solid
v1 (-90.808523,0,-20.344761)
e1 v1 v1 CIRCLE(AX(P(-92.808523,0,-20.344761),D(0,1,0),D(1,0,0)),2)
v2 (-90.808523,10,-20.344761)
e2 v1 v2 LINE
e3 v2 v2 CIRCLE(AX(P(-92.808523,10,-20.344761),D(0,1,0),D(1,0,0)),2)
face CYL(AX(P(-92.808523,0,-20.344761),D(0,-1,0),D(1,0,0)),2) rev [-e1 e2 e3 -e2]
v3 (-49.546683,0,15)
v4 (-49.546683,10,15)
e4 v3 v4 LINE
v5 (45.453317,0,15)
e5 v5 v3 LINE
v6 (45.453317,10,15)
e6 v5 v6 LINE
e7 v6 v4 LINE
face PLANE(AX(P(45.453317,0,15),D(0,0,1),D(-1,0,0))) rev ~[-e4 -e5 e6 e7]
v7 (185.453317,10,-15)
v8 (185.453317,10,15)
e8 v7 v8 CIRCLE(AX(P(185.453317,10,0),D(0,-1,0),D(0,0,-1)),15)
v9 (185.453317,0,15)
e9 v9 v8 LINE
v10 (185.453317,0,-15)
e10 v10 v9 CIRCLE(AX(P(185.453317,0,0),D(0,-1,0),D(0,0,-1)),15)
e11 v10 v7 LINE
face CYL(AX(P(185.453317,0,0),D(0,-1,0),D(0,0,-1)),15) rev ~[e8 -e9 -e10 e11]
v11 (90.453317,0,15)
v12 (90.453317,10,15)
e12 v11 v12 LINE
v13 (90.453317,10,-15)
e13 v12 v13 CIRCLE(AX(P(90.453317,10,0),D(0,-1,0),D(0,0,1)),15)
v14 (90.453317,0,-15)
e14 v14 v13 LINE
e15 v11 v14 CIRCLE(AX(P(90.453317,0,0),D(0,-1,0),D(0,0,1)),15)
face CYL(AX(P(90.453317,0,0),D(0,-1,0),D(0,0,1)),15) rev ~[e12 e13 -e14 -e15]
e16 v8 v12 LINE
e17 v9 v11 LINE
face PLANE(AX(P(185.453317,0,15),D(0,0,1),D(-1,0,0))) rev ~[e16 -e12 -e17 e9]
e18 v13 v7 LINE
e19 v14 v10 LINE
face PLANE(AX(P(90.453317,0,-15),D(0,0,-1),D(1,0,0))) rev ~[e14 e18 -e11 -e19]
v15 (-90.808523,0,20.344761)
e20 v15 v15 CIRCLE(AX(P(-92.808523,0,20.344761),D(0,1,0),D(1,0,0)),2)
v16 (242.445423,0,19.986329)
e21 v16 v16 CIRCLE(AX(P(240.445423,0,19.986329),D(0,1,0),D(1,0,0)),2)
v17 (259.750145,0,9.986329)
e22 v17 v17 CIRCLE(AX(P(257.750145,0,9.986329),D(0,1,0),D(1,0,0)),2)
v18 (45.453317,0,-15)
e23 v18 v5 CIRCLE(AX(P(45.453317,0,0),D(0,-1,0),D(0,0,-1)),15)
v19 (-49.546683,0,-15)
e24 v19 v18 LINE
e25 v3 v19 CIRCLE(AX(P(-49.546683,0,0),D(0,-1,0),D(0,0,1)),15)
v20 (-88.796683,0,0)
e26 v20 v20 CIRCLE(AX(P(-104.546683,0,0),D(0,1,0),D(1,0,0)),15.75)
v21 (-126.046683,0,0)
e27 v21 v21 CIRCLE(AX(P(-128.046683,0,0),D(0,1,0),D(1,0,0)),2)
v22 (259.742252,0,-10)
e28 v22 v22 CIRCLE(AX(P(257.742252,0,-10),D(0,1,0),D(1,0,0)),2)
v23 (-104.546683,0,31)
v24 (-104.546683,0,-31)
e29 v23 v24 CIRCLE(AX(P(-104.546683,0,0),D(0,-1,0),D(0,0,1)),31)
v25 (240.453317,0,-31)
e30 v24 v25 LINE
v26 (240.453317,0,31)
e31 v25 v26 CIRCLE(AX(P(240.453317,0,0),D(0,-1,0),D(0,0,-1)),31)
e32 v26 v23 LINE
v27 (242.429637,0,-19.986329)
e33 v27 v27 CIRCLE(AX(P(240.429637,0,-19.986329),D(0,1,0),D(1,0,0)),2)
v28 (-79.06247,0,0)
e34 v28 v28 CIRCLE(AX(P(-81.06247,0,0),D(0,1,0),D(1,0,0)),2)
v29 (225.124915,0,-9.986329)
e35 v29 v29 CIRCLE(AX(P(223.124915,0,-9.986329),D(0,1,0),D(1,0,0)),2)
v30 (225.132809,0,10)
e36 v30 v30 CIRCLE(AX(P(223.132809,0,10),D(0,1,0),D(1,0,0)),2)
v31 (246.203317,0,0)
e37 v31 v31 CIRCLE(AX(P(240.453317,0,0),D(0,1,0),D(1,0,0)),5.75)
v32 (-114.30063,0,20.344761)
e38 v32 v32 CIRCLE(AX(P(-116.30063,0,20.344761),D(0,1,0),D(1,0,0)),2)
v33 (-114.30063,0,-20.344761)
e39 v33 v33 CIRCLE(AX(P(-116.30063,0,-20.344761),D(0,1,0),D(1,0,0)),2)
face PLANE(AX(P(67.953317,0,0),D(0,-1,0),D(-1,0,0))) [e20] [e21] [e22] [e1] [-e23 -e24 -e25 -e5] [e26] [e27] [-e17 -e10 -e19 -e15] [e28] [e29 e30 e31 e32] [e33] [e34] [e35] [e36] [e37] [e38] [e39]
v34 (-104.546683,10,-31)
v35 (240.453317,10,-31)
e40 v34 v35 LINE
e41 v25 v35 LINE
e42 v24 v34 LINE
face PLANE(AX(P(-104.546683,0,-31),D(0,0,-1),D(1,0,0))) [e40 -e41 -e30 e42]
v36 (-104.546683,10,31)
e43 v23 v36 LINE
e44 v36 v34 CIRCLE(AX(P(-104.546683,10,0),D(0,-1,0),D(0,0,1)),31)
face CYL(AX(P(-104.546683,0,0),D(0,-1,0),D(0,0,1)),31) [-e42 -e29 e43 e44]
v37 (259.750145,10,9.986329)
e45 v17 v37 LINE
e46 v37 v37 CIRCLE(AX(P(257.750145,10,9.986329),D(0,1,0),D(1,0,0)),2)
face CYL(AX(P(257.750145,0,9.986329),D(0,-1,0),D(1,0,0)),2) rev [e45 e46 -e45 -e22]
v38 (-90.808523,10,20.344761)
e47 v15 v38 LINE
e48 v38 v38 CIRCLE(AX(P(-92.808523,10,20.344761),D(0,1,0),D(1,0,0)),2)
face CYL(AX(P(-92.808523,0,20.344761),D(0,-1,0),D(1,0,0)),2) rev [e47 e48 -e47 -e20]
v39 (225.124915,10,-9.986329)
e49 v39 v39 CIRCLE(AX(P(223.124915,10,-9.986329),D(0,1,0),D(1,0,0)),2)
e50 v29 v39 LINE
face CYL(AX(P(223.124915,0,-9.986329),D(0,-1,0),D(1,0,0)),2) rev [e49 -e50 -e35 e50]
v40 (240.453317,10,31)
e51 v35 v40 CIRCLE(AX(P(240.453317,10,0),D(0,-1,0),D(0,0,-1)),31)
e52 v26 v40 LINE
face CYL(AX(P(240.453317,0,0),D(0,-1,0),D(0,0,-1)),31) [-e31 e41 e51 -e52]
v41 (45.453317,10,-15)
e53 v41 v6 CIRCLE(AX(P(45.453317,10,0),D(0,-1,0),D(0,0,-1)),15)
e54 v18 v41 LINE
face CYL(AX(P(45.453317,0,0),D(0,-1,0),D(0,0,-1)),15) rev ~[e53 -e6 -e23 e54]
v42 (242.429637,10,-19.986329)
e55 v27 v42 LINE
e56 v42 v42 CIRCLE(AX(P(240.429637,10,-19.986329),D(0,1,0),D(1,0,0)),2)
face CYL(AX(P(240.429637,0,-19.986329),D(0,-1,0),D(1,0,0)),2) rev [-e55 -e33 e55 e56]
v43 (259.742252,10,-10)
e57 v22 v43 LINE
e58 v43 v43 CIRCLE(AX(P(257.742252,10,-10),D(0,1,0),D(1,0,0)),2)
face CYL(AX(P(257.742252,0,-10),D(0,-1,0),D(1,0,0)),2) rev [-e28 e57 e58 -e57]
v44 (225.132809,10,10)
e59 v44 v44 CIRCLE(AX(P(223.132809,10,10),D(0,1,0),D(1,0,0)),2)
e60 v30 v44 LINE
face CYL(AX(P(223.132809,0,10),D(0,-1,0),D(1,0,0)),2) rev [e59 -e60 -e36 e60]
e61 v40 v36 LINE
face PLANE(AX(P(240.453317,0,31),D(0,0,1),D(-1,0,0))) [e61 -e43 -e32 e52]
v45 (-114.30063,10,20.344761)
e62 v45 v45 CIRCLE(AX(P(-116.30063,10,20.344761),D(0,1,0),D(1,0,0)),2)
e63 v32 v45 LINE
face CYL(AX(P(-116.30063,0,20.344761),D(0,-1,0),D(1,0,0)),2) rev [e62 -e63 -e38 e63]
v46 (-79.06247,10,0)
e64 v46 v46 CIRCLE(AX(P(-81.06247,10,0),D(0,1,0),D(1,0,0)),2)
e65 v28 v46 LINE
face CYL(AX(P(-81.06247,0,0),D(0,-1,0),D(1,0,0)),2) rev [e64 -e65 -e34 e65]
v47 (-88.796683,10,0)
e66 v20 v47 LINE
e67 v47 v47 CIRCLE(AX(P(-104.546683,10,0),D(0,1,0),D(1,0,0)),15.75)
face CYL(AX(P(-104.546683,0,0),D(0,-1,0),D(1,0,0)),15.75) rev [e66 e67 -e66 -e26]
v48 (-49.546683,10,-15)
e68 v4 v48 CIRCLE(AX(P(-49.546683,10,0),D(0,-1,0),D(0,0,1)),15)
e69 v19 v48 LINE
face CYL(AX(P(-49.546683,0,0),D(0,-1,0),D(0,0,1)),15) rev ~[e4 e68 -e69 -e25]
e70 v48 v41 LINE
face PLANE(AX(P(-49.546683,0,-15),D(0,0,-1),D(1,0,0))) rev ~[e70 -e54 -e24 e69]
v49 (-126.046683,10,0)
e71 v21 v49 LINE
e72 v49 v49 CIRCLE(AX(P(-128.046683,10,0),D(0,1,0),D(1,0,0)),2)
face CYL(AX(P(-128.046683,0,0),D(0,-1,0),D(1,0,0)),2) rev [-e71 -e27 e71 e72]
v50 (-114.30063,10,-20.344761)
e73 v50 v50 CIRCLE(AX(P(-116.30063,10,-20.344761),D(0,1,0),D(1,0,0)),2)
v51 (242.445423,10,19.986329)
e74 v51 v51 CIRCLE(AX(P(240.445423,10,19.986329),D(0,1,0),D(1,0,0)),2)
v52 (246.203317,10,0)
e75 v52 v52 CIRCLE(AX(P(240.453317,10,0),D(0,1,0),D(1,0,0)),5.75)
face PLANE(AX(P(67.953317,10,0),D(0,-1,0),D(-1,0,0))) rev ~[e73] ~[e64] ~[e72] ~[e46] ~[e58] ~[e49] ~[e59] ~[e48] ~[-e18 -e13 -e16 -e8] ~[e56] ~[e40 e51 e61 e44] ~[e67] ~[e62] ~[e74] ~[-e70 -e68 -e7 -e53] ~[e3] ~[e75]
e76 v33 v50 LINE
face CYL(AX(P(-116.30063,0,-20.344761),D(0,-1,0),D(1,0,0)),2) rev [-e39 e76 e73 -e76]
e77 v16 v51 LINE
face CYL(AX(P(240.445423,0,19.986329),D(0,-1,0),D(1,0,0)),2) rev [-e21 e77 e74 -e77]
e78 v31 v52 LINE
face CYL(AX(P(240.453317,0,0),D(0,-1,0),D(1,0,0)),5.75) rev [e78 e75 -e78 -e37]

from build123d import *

# Parameters (mm, degrees)
SKETCH1_R           = 5.75
SKETCH1_R_2         = 15.75
SKETCH1_R_3         = 2
BOSS_EXTRUDE1_DEPTH = 10


with BuildPart() as part:
    # Sketch1 → Boss-Extrude1 (new body)
    with BuildSketch(Plane(origin=(0, 0, 0), x_dir=(1, 0, 0), z_dir=(0, 1, 0))):
        with BuildLine():
            Line((-104.546683395, 31), (240.453316605, 31))
            ThreePointArc((240.453316605, 31), (271.453316605, 0), (240.453316605, -31))
            Line((240.453316605, -31), (-104.546683395, -31))
            ThreePointArc((-104.546683395, -31), (-135.546683395, 0), (-104.546683395, 31))
        make_face()
        with Locations((240.453316605, 0)):
            Circle(SKETCH1_R, mode=Mode.SUBTRACT)
        with Locations((-104.546683395, 0)):
            Circle(SKETCH1_R_2, mode=Mode.SUBTRACT)
        with Locations((223.132808529, -10)):
            Circle(SKETCH1_R_3, mode=Mode.SUBTRACT)
        with Locations((223.124915417, 9.986328729)):
            Circle(SKETCH1_R_3, mode=Mode.SUBTRACT)
        with Locations((240.429637268, 19.986328729)):
            Circle(SKETCH1_R_3, mode=Mode.SUBTRACT)
        with Locations((257.742252232, 10)):
            Circle(SKETCH1_R_3, mode=Mode.SUBTRACT)
        with Locations((257.750145344, -9.986328729)):
            Circle(SKETCH1_R_3, mode=Mode.SUBTRACT)
        with Locations((240.445423493, -19.986328729)):
            Circle(SKETCH1_R_3, mode=Mode.SUBTRACT)
        with Locations((-128.046683395, 0)):
            Circle(SKETCH1_R_3, mode=Mode.SUBTRACT)
        with Locations((-116.300629951, 20.344761353)):
            Circle(SKETCH1_R_3, mode=Mode.SUBTRACT)
        with Locations((-92.808523063, 20.344761353)):
            Circle(SKETCH1_R_3, mode=Mode.SUBTRACT)
        with Locations((-81.062469619, 0)):
            Circle(SKETCH1_R_3, mode=Mode.SUBTRACT)
        with Locations((-92.808523063, -20.344761353)):
            Circle(SKETCH1_R_3, mode=Mode.SUBTRACT)
        with Locations((-116.300629951, -20.344761353)):
            Circle(SKETCH1_R_3, mode=Mode.SUBTRACT)
        with BuildLine():
            Line((-49.546683395, 15), (45.453316605, 15))
            ThreePointArc((45.453316605, 15), (60.453316605, 0), (45.453316605, -15))
            Line((45.453316605, -15), (-49.546683395, -15))
            ThreePointArc((-49.546683395, -15), (-64.546683395, 0), (-49.546683395, 15))
        make_face(mode=Mode.SUBTRACT)
        with BuildLine():
            Line((90.453316605, 15), (185.453316605, 15))
            ThreePointArc((185.453316605, 15), (200.453316605, 0), (185.453316605, -15))
            Line((185.453316605, -15), (90.453316605, -15))
            ThreePointArc((90.453316605, -15), (75.453316605, 0), (90.453316605, 15))
        make_face(mode=Mode.SUBTRACT)
    extrude(amount=BOSS_EXTRUDE1_DEPTH)


solid = part.part
